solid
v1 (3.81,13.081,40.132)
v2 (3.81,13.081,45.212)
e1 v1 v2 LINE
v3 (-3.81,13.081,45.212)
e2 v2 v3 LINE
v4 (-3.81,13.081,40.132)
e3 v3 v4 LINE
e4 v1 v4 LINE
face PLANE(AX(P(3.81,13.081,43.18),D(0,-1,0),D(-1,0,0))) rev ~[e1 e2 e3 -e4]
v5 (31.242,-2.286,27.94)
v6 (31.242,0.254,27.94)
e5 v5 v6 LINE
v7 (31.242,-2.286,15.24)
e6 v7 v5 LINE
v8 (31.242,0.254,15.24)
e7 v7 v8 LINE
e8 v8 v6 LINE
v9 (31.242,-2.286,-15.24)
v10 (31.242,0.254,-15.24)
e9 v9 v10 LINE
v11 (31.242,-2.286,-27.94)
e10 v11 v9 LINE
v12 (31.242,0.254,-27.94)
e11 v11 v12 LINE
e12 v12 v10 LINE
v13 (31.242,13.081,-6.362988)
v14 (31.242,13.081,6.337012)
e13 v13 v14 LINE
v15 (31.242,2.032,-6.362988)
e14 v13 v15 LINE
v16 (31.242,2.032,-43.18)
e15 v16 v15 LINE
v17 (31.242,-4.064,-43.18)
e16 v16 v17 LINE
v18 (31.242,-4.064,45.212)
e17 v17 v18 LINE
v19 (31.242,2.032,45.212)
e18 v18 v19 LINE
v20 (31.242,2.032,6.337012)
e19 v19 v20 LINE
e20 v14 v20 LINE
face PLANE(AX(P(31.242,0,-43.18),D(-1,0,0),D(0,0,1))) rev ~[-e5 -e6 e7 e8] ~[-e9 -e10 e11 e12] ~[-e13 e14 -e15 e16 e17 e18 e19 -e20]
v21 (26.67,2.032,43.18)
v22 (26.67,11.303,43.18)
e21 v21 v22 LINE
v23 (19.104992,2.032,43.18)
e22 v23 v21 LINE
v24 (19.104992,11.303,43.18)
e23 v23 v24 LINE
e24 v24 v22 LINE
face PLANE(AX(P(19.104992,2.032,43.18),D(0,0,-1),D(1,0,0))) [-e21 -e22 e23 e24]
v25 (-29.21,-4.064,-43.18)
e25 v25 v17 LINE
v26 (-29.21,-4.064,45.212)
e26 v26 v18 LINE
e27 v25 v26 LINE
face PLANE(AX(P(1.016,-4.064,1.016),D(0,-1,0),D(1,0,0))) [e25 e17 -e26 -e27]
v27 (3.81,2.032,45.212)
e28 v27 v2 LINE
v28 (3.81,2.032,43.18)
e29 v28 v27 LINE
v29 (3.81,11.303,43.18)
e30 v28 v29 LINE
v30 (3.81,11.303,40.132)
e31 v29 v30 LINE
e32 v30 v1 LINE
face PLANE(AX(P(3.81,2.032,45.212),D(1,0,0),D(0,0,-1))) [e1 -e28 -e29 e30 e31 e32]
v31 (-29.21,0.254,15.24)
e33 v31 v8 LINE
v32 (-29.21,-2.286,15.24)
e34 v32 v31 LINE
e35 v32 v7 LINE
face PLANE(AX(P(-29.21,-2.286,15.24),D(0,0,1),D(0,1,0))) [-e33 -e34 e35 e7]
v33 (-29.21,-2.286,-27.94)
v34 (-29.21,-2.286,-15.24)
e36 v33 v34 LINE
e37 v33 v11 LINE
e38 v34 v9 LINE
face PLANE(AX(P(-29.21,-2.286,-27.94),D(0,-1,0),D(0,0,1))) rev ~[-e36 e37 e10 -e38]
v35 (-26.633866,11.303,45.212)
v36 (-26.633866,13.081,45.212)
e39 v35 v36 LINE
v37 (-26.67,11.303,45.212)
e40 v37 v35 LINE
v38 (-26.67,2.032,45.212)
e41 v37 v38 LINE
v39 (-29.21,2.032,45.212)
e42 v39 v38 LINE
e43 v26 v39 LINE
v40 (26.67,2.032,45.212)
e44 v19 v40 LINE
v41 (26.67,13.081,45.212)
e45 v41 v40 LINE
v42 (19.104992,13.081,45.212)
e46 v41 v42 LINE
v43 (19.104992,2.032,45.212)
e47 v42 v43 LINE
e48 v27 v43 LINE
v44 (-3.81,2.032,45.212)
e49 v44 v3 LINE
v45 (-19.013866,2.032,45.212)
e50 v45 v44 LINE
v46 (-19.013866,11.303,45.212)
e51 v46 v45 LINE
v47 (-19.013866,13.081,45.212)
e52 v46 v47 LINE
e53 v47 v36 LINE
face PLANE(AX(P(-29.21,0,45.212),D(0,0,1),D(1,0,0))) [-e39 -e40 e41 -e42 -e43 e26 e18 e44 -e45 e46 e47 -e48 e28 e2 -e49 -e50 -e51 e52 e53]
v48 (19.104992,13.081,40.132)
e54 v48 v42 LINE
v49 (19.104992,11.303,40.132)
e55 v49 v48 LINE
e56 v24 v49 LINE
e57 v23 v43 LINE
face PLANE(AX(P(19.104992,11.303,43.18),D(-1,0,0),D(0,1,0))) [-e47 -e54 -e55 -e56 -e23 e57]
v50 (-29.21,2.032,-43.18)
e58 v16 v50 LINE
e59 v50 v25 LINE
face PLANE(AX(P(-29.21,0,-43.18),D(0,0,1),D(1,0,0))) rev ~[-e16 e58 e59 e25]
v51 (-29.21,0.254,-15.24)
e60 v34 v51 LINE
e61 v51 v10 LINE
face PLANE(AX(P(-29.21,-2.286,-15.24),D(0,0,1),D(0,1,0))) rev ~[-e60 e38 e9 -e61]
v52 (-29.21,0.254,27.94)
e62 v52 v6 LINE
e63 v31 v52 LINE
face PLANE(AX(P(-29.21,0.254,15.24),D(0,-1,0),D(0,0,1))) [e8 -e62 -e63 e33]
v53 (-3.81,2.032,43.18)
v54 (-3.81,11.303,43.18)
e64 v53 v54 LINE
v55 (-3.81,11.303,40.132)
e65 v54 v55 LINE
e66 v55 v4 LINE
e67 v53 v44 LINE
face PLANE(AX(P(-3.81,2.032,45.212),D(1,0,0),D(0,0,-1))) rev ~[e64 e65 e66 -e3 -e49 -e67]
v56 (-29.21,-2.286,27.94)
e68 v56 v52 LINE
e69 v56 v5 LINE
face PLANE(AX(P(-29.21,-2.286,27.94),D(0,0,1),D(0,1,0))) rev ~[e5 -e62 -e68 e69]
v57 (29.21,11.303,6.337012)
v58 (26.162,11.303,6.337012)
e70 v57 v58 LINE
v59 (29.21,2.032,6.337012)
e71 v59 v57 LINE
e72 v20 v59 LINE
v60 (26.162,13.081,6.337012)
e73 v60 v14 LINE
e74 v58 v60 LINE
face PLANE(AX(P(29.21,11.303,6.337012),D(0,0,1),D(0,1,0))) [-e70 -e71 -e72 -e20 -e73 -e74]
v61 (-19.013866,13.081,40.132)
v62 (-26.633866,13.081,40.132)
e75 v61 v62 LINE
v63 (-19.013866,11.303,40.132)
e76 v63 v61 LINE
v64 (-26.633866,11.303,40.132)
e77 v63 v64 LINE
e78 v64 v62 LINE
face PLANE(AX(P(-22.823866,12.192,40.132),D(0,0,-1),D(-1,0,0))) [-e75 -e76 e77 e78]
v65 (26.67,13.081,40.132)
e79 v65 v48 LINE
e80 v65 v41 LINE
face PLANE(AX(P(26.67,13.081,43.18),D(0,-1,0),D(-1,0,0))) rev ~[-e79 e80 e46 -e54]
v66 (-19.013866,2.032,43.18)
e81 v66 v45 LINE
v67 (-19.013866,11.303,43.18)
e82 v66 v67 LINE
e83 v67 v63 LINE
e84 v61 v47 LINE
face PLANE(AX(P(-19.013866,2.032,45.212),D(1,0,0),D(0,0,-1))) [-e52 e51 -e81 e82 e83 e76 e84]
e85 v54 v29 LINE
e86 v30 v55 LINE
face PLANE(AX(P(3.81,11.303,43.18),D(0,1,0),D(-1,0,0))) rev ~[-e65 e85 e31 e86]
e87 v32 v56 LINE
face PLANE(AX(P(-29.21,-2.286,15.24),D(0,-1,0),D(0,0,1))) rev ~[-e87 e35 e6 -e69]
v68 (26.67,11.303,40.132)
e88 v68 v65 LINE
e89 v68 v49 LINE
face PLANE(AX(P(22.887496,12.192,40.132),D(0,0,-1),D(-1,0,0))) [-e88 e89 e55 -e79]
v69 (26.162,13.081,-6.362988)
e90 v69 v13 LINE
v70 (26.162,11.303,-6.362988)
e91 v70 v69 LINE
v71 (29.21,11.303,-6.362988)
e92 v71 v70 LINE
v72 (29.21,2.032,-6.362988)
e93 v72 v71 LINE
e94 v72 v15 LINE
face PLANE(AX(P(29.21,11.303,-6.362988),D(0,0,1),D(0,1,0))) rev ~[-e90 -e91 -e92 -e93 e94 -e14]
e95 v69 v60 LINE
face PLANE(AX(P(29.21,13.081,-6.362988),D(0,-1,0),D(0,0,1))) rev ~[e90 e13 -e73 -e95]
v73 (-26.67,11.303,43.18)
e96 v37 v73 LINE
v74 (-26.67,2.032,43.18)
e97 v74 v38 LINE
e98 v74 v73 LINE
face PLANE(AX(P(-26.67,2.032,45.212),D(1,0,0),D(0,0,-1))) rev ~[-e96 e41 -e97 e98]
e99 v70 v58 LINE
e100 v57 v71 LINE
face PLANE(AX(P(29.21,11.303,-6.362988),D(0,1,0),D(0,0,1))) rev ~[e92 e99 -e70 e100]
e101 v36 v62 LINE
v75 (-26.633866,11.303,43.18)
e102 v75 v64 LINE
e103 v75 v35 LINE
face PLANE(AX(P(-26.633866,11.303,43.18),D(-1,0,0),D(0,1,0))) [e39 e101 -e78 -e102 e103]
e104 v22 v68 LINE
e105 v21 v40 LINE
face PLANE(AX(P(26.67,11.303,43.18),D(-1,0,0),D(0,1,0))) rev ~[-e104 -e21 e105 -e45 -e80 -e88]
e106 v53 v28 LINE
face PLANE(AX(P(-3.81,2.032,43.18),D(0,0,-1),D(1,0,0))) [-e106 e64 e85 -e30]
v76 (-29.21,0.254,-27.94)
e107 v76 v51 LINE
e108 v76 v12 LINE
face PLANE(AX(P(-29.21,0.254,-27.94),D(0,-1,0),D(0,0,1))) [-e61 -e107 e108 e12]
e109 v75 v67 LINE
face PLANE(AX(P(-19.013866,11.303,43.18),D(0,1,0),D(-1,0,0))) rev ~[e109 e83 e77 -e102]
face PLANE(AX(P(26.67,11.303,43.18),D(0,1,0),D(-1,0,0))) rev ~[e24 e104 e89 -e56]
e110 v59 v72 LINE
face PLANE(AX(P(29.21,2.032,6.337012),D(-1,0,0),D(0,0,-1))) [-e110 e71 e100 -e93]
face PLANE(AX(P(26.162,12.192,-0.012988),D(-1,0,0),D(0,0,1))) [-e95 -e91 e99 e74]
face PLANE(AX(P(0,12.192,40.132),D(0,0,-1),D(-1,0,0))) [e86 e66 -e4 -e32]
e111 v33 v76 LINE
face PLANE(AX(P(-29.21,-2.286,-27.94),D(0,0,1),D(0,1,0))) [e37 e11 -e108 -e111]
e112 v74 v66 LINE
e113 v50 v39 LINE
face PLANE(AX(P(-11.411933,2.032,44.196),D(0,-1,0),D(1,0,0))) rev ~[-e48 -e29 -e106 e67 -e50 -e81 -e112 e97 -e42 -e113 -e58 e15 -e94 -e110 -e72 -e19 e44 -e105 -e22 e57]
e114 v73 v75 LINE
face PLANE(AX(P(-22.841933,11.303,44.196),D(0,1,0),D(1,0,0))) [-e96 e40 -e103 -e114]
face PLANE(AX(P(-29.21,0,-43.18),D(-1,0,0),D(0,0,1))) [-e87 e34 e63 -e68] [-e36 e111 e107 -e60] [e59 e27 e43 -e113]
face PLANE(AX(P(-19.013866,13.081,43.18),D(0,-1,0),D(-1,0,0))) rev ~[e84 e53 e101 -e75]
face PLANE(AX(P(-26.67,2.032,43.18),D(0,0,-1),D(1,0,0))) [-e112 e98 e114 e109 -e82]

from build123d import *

# Parameters (mm, degrees)
SKETCH1_W             = 58.42
SKETCH1_H             = 86.36
BASEPLATE_DEPTH       = 2.032
SKETCH5_W             = 7.62
SKETCH5_H             = 2.032
BOSS_EXTRUDE3_DEPTH   = 9.271
SKETCH5_W_2           = 7.656133635
BOSS_EXTRUDE3_2_DEPTH = 9.271
SKETCH5_W_3           = 7.565007612
BOSS_EXTRUDE3_3_DEPTH = 9.271
SKETCH5_W_4           = 2.032
SKETCH5_H_2           = 12.7
BOSS_EXTRUDE3_4_DEPTH = 9.271
SKETCH5_2_W           = 7.62
SKETCH5_2_H           = 2.032
SKETCH5_2_W_2         = 7.656133635
SKETCH5_2_W_3         = 7.565007612
SKETCH5_2_W_4         = 2.032
SKETCH5_2_H_2         = 12.7
BOSS_EXTRUDE4_DEPTH   = 2.032
SKETCH6_W             = 7.565007612
SKETCH6_H             = 1.778
BOSS_EXTRUDE5_DEPTH   = 3.048
SKETCH6_W_2           = 7.62
BOSS_EXTRUDE5_2_DEPTH = 3.048
BOSS_EXTRUDE5_3_DEPTH = 3.048
SKETCH6_2_W           = 7.565007612
SKETCH6_2_H           = 1.778
SKETCH6_2_W_2         = 7.62
BOSS_EXTRUDE6_DEPTH   = 2.032
SKETCH7_W             = 15.203866365
SKETCH7_H             = 2.032
SKETCH7_W_2           = 15.294992388
SKETCH7_W_3           = 2.54
SKETCH7_W_4           = 2.032
SKETCH7_H_2           = 36.817012066
BOSS_EXTRUDE7_DEPTH   = 2.032
SKETCH9_W             = 12.7
SKETCH9_H             = 1.778
BOSS_EXTRUDE8_DEPTH   = 3.048
SKETCH9_2_W           = 12.7
SKETCH9_2_H           = 1.778
BOSS_EXTRUDE9_DEPTH   = 2.032
SKETCH11_W            = 60.452
SKETCH11_H            = 88.392
BOSS_EXTRUDE10_DEPTH  = 4.064
SKETCH12_W            = 12.7
SKETCH12_H            = 2.54
CUT_EXTRUDE1_DEPTH    = 77.613848676


with BuildPart() as part:
    # Sketch1 → basePlate (new body)
    with BuildSketch(Plane(origin=(0, 0, 0), x_dir=(1, 0, 0), z_dir=(0, 1, 0))):
        Rectangle(SKETCH1_W, SKETCH1_H)
    extrude(amount=BASEPLATE_DEPTH)



with BuildPart() as body_2:
    # Sketch5 → Boss-Extrude3 (new body)
    with BuildSketch(Plane(origin=(0, 2.032, 0), x_dir=(1, 0, 0), z_dir=(0, 1, 0))):
        with Locations((0, -44.196)):
            Rectangle(SKETCH5_W, SKETCH5_H)
    extrude(amount=BOSS_EXTRUDE3_DEPTH)


with BuildPart() as body_3:
    # Sketch5 → Boss-Extrude3 2 (new body)
    with BuildSketch(Plane(origin=(0, 2.032, 0), x_dir=(1, 0, 0), z_dir=(0, 1, 0))):
        with Locations((-22.841933183, -44.196)):
            Rectangle(SKETCH5_W_2, SKETCH5_H)
    extrude(amount=BOSS_EXTRUDE3_2_DEPTH)


with BuildPart() as body_4:
    # Sketch5 → Boss-Extrude3 3 (new body)
    with BuildSketch(Plane(origin=(0, 2.032, 0), x_dir=(1, 0, 0), z_dir=(0, 1, 0))):
        with Locations((22.887496194, -44.196)):
            Rectangle(SKETCH5_W_3, SKETCH5_H)
    extrude(amount=BOSS_EXTRUDE3_3_DEPTH)


with BuildPart() as body_5:
    # Sketch5 → Boss-Extrude3 4 (new body)
    with BuildSketch(Plane(origin=(0, 2.032, 0), x_dir=(1, 0, 0), z_dir=(0, 1, 0))):
        with Locations((30.226, 0.012987934)):
            Rectangle(SKETCH5_W_4, SKETCH5_H_2)
    extrude(amount=BOSS_EXTRUDE3_4_DEPTH)


with BuildPart() as part_1:
    add(part.part)

    add(body_2.part)  # Boss-Extrude4 merges body 2

    add(body_3.part)  # Boss-Extrude4 merges body 3

    add(body_4.part)  # Boss-Extrude4 merges body 4

    add(body_5.part)  # Boss-Extrude4 merges body 5
    # Sketch5<2> → Boss-Extrude4 (add)
    with BuildSketch(Plane(origin=(0, 2.032, 0), x_dir=(1, 0, 0), z_dir=(0, 1, 0))):
        with Locations((0, -44.196)):
            Rectangle(SKETCH5_2_W, SKETCH5_2_H)
        with Locations((-22.841933183, -44.196)):
            Rectangle(SKETCH5_2_W_2, SKETCH5_2_H)
        with Locations((22.887496194, -44.196)):
            Rectangle(SKETCH5_2_W_3, SKETCH5_2_H)
        with Locations((30.226, 0.012987934)):
            Rectangle(SKETCH5_2_W_4, SKETCH5_2_H_2)
    extrude(amount=-BOSS_EXTRUDE4_DEPTH)



with BuildPart() as body_2_2:
    # Sketch6 → Boss-Extrude5 (new body)
    with BuildSketch(Plane(origin=(0, 0, 43.18), x_dir=(-1, 0, 0), z_dir=(0, 0, -1))):
        with Locations((-22.887496194, 12.192)):
            Rectangle(SKETCH6_W, SKETCH6_H)
    extrude(amount=BOSS_EXTRUDE5_DEPTH)


with BuildPart() as body_3_2:
    # Sketch6 → Boss-Extrude5 2 (new body)
    with BuildSketch(Plane(origin=(0, 0, 43.18), x_dir=(-1, 0, 0), z_dir=(0, 0, -1))):
        with Locations((0, 12.192)):
            Rectangle(SKETCH6_W_2, SKETCH6_H)
    extrude(amount=BOSS_EXTRUDE5_2_DEPTH)


with BuildPart() as body_4_2:
    # Sketch6 → Boss-Extrude5 3 (new body)
    with BuildSketch(Plane(origin=(0, 0, 43.18), x_dir=(-1, 0, 0), z_dir=(0, 0, -1))):
        with Locations((22.823866365, 12.192)):
            Rectangle(SKETCH6_W_2, SKETCH6_H)
    extrude(amount=BOSS_EXTRUDE5_3_DEPTH)


with BuildPart() as part_2:
    add(part_1.part)

    add(body_2_2.part)  # Boss-Extrude6 merges body 2 2

    add(body_3_2.part)  # Boss-Extrude6 merges body 3 2

    add(body_4_2.part)  # Boss-Extrude6 merges body 4 2
    # Sketch6<2> → Boss-Extrude6 (add)
    with BuildSketch(Plane(origin=(0, 0, 43.18), x_dir=(-1, 0, 0), z_dir=(0, 0, -1))):
        with Locations((-22.887496194, 12.192)):
            Rectangle(SKETCH6_2_W, SKETCH6_2_H)
        with Locations((0, 12.192)):
            Rectangle(SKETCH6_2_W_2, SKETCH6_2_H)
        with Locations((22.823866365, 12.192)):
            Rectangle(SKETCH6_2_W_2, SKETCH6_2_H)
    extrude(amount=-BOSS_EXTRUDE6_DEPTH)

    # Sketch7 → Boss-Extrude7 (add)
    with BuildSketch(Plane.XZ):
        with Locations((-11.411933183, 44.196)):
            Rectangle(SKETCH7_W, SKETCH7_H)
        with Locations((11.457496194, 44.196)):
            Rectangle(SKETCH7_W_2, SKETCH7_H)
        with Locations((-27.94, 44.196)):
            Rectangle(SKETCH7_W_3, SKETCH7_H)
        Polygon((29.21, 43.18), (26.67, 43.18), (26.67, 45.212), (29.21, 45.212), (31.242, 45.212), (31.242, 6.337012066), (29.21, 6.337012066), align=None)
        with Locations((30.226, -24.771493967)):
            Rectangle(SKETCH7_W_4, SKETCH7_H_2)
    extrude(amount=-BOSS_EXTRUDE7_DEPTH)



with BuildPart() as body_2_3:
    # Sketch9 → Boss-Extrude8 (new body)
    with BuildSketch(Plane.ZY.offset(-29.21)):
        with Locations((-0.012987934, 12.192)):
            Rectangle(SKETCH9_W, SKETCH9_H)
    extrude(amount=BOSS_EXTRUDE8_DEPTH)


with BuildPart() as part_3:
    add(part_2.part)

    add(body_2_3.part)  # Boss-Extrude9 merges body 2 3
    # Sketch9<2> → Boss-Extrude9 (add)
    with BuildSketch(Plane.ZY.offset(-29.21)):
        with Locations((-0.012987934, 12.192)):
            Rectangle(SKETCH9_2_W, SKETCH9_2_H)
    extrude(amount=-BOSS_EXTRUDE9_DEPTH)

    # Sketch11 → Boss-Extrude10 (add)
    with BuildSketch(Plane.XZ):
        with Locations((1.016, 1.016)):
            Rectangle(SKETCH11_W, SKETCH11_H)
    extrude(amount=BOSS_EXTRUDE10_DEPTH)

    # Sketch12 → Cut-Extrude1 (cut, through all)
    with BuildSketch(Plane.ZY.offset(29.21)):
        with Locations((-21.59, -1.016)):
            Rectangle(SKETCH12_W, SKETCH12_H)
        with Locations((21.59, -1.016)):
            Rectangle(SKETCH12_W, SKETCH12_H)
    extrude(amount=-CUT_EXTRUDE1_DEPTH, mode=Mode.SUBTRACT)


solid = part_3.part
